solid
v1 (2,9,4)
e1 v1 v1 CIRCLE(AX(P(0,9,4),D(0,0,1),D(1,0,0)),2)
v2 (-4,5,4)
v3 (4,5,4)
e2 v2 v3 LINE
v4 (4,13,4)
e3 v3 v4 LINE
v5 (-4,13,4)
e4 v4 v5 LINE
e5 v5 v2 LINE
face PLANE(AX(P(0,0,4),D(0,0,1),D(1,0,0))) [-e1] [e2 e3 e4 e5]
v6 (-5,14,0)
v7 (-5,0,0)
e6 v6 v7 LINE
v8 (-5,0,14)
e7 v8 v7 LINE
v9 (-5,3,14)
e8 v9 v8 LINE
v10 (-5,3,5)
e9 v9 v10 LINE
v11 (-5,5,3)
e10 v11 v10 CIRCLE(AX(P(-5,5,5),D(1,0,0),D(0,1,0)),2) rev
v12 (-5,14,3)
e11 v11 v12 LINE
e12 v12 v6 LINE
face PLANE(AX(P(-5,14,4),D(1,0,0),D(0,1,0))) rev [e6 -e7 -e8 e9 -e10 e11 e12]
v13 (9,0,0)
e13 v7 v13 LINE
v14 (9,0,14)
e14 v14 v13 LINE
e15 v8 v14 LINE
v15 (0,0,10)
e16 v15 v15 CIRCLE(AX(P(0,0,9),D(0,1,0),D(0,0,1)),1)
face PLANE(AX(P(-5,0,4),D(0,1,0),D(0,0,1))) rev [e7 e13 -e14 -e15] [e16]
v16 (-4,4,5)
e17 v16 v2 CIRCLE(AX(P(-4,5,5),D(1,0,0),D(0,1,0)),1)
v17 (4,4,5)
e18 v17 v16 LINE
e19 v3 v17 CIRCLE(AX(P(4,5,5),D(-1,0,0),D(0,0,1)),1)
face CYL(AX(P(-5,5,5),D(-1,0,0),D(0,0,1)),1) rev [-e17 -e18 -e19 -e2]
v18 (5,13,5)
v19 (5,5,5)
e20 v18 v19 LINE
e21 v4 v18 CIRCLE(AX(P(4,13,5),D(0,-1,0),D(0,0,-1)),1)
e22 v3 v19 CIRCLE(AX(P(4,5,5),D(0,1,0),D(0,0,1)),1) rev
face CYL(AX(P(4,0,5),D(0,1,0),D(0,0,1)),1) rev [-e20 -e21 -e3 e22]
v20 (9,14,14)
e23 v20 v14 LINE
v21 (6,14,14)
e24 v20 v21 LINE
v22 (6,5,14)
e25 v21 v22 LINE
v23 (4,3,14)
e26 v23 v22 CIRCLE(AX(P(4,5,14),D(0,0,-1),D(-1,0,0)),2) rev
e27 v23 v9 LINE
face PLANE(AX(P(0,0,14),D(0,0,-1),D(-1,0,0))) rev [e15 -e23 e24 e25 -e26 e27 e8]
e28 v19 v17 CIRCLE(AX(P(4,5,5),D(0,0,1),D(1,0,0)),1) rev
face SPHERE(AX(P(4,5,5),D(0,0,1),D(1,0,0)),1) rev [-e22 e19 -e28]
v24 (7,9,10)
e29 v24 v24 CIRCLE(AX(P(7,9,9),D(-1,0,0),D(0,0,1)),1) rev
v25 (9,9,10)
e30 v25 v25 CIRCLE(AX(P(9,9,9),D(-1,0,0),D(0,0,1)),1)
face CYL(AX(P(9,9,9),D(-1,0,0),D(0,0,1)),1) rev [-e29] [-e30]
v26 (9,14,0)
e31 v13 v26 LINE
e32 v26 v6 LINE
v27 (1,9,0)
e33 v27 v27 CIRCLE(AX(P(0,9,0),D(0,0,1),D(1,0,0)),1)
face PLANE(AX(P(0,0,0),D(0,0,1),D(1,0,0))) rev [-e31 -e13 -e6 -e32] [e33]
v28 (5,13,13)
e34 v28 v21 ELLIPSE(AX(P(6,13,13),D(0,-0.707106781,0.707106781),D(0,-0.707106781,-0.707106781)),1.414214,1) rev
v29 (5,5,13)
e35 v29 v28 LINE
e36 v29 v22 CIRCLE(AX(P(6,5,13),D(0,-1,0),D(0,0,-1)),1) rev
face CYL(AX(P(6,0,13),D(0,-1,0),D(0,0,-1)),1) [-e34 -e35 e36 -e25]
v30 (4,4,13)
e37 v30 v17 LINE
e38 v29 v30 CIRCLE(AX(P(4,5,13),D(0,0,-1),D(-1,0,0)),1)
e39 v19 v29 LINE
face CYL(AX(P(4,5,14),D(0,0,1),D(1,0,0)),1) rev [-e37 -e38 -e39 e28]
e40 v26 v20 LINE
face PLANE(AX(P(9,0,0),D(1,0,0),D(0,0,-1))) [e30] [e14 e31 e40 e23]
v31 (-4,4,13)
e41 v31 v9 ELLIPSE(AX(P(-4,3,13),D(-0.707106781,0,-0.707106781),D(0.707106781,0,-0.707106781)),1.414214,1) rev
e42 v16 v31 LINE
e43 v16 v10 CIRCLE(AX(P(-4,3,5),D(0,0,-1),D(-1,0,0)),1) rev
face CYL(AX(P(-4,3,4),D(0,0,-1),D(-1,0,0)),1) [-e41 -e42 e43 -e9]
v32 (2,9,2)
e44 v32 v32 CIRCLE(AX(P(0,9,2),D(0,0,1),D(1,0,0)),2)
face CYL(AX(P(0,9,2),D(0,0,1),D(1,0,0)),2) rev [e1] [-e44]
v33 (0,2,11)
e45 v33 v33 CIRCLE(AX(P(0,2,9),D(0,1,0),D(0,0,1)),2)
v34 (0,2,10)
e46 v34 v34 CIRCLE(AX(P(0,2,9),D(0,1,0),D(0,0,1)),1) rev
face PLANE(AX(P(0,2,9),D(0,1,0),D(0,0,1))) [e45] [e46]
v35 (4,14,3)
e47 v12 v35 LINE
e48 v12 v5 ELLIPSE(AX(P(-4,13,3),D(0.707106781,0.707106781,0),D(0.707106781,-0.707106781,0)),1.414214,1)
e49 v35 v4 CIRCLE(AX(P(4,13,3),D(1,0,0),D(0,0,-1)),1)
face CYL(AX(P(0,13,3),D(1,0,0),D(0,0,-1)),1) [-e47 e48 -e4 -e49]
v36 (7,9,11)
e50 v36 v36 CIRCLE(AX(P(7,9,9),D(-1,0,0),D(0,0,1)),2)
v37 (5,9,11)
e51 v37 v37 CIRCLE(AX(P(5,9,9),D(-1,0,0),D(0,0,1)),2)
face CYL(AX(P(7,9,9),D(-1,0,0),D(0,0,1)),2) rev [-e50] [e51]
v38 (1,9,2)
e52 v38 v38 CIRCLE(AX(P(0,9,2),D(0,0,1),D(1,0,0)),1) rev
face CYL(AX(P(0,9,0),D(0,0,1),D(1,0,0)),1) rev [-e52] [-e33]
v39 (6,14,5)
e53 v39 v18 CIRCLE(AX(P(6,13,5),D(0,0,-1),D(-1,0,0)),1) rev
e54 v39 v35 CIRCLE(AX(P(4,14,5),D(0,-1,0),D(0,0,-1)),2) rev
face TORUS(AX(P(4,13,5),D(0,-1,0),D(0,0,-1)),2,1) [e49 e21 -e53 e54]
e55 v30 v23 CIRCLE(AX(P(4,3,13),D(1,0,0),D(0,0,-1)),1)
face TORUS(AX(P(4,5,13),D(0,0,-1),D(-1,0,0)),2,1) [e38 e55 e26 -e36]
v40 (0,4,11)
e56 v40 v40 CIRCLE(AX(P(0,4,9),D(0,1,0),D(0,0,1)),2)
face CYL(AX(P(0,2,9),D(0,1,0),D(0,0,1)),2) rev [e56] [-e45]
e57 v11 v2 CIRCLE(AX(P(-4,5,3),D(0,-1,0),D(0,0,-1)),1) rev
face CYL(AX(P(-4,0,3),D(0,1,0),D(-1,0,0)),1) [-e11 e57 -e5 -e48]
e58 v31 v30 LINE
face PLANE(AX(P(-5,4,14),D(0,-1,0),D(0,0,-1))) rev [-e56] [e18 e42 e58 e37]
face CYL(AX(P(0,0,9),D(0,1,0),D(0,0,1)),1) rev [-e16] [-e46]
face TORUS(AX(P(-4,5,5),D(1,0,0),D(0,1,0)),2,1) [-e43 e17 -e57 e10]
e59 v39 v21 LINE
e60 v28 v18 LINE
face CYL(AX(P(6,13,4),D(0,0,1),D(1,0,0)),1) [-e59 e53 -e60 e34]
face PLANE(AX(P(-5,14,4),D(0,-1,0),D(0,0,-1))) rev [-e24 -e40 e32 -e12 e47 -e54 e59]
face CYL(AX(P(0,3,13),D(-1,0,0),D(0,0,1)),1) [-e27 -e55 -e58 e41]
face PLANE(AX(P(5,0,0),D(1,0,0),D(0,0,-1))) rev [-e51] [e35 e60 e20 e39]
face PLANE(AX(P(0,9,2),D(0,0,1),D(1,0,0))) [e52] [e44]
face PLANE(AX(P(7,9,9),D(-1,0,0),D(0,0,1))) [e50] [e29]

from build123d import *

# Parameters (mm, degrees)
ESQUISSE1_W             = 10
ESQUISSE1_H             = 14
BOSS_EXTRU_1_DEPTH      = 4
ESQUISSE2_W             = 10
ESQUISSE2_H             = 4
BOSS_EXTRU_2_DEPTH      = 10
ESQUISSE3_R             = 1
ENL_V_MAT_EXTRU_1_DEPTH = 5
ESQUISSE4_R             = 1
ENL_V_MAT_EXTRU_2_DEPTH = 5
ESQUISSE5_R             = 2
ENL_V_MAT_EXTRU_3_DEPTH = 2
ESQUISSE6_R             = 2
ENL_V_MAT_EXTRU_4_DEPTH = 2
ESQUISSE7_W             = 14
ESQUISSE7_H             = 14
BOSS_EXTRU_3_DEPTH      = 4
ESQUISSE8_R             = 1
ENL_V_MAT_EXTRU_5_DEPTH = 5
ESQUISSE9_R             = 2
ENL_V_MAT_EXTRU_6_DEPTH = 2
CONG_1_R                = 1


with BuildPart() as part:
    # Esquisse1 → Boss.-Extru.1 (new body)
    with BuildSketch(Plane.XY):
        with Locations((0, 7)):
            Rectangle(ESQUISSE1_W, ESQUISSE1_H)
    extrude(amount=BOSS_EXTRU_1_DEPTH)

    # Esquisse2 → Boss.-Extru.2 (add)
    with BuildSketch(Plane.XY.offset(4)):
        with Locations((0, 2)):
            Rectangle(ESQUISSE2_W, ESQUISSE2_H)
    extrude(amount=BOSS_EXTRU_2_DEPTH)

    # Esquisse3 → Enlèv. mat.-Extru.1 (cut, through all)
    with BuildSketch(Plane.XY.offset(4)):
        with Locations((0, 9)):
            Circle(ESQUISSE3_R)
    extrude(amount=-ENL_V_MAT_EXTRU_1_DEPTH, mode=Mode.SUBTRACT)

    # Esquisse4 → Enlèv. mat.-Extru.2 (cut, through all)
    with BuildSketch(Plane(origin=(0, 4, 0), x_dir=(1, 0, 0), z_dir=(0, 1, 0))):
        with Locations(Location((0, -9, 0), (0, 0, 270))):  # turned: the seam where the file's is
            Circle(ESQUISSE4_R)
    extrude(amount=-ENL_V_MAT_EXTRU_2_DEPTH, mode=Mode.SUBTRACT)

    # Esquisse5 → Enlèv. mat.-Extru.3 (cut)
    with BuildSketch(Plane.XY.offset(4)):
        with Locations((0, 9)):
            Circle(ESQUISSE5_R)
    extrude(amount=-ENL_V_MAT_EXTRU_3_DEPTH, mode=Mode.SUBTRACT)

    # Esquisse6 → Enlèv. mat.-Extru.4 (cut)
    with BuildSketch(Plane(origin=(0, 4, 0), x_dir=(1, 0, 0), z_dir=(0, 1, 0))):
        with Locations(Location((0, -9, 0), (0, 0, 270))):  # turned: the seam where the file's is
            Circle(ESQUISSE6_R)
    extrude(amount=-ENL_V_MAT_EXTRU_4_DEPTH, mode=Mode.SUBTRACT)

    # Esquisse7 → Boss.-Extru.3 (add)
    with BuildSketch(Plane(origin=(5, 0, 0), x_dir=(0, 0, -1), z_dir=(1, 0, 0))):
        with Locations((-7, 7)):
            Rectangle(ESQUISSE7_W, ESQUISSE7_H)
    extrude(amount=BOSS_EXTRU_3_DEPTH)

    # Esquisse8 → Enlèv. mat.-Extru.5 (cut, through all)
    with BuildSketch(Plane.ZY.offset(-5)):
        with Locations((9, 9)):
            Circle(ESQUISSE8_R)
    extrude(amount=-ENL_V_MAT_EXTRU_5_DEPTH, mode=Mode.SUBTRACT)

    # Esquisse9 → Enlèv. mat.-Extru.6 (cut)
    with BuildSketch(Plane.ZY.offset(-5)):
        with Locations((9, 9)):
            Circle(ESQUISSE9_R)
    extrude(amount=-ENL_V_MAT_EXTRU_6_DEPTH, mode=Mode.SUBTRACT)

    # Congé1
    cong_1_edges = [part.edges().sort_by_distance(p)[0] for p in [
        (5, 9, 4),
        (-5, 4, 9),
        (0, 4, 4),
        (5, 4, 9),
        (0, 14, 4),
        (0, 4, 14),
        (-5, 9, 4),
        (5, 14, 9),
        (5, 9, 14),
    ]]
    fillet(cong_1_edges, radius=CONG_1_R)


solid = part.part
